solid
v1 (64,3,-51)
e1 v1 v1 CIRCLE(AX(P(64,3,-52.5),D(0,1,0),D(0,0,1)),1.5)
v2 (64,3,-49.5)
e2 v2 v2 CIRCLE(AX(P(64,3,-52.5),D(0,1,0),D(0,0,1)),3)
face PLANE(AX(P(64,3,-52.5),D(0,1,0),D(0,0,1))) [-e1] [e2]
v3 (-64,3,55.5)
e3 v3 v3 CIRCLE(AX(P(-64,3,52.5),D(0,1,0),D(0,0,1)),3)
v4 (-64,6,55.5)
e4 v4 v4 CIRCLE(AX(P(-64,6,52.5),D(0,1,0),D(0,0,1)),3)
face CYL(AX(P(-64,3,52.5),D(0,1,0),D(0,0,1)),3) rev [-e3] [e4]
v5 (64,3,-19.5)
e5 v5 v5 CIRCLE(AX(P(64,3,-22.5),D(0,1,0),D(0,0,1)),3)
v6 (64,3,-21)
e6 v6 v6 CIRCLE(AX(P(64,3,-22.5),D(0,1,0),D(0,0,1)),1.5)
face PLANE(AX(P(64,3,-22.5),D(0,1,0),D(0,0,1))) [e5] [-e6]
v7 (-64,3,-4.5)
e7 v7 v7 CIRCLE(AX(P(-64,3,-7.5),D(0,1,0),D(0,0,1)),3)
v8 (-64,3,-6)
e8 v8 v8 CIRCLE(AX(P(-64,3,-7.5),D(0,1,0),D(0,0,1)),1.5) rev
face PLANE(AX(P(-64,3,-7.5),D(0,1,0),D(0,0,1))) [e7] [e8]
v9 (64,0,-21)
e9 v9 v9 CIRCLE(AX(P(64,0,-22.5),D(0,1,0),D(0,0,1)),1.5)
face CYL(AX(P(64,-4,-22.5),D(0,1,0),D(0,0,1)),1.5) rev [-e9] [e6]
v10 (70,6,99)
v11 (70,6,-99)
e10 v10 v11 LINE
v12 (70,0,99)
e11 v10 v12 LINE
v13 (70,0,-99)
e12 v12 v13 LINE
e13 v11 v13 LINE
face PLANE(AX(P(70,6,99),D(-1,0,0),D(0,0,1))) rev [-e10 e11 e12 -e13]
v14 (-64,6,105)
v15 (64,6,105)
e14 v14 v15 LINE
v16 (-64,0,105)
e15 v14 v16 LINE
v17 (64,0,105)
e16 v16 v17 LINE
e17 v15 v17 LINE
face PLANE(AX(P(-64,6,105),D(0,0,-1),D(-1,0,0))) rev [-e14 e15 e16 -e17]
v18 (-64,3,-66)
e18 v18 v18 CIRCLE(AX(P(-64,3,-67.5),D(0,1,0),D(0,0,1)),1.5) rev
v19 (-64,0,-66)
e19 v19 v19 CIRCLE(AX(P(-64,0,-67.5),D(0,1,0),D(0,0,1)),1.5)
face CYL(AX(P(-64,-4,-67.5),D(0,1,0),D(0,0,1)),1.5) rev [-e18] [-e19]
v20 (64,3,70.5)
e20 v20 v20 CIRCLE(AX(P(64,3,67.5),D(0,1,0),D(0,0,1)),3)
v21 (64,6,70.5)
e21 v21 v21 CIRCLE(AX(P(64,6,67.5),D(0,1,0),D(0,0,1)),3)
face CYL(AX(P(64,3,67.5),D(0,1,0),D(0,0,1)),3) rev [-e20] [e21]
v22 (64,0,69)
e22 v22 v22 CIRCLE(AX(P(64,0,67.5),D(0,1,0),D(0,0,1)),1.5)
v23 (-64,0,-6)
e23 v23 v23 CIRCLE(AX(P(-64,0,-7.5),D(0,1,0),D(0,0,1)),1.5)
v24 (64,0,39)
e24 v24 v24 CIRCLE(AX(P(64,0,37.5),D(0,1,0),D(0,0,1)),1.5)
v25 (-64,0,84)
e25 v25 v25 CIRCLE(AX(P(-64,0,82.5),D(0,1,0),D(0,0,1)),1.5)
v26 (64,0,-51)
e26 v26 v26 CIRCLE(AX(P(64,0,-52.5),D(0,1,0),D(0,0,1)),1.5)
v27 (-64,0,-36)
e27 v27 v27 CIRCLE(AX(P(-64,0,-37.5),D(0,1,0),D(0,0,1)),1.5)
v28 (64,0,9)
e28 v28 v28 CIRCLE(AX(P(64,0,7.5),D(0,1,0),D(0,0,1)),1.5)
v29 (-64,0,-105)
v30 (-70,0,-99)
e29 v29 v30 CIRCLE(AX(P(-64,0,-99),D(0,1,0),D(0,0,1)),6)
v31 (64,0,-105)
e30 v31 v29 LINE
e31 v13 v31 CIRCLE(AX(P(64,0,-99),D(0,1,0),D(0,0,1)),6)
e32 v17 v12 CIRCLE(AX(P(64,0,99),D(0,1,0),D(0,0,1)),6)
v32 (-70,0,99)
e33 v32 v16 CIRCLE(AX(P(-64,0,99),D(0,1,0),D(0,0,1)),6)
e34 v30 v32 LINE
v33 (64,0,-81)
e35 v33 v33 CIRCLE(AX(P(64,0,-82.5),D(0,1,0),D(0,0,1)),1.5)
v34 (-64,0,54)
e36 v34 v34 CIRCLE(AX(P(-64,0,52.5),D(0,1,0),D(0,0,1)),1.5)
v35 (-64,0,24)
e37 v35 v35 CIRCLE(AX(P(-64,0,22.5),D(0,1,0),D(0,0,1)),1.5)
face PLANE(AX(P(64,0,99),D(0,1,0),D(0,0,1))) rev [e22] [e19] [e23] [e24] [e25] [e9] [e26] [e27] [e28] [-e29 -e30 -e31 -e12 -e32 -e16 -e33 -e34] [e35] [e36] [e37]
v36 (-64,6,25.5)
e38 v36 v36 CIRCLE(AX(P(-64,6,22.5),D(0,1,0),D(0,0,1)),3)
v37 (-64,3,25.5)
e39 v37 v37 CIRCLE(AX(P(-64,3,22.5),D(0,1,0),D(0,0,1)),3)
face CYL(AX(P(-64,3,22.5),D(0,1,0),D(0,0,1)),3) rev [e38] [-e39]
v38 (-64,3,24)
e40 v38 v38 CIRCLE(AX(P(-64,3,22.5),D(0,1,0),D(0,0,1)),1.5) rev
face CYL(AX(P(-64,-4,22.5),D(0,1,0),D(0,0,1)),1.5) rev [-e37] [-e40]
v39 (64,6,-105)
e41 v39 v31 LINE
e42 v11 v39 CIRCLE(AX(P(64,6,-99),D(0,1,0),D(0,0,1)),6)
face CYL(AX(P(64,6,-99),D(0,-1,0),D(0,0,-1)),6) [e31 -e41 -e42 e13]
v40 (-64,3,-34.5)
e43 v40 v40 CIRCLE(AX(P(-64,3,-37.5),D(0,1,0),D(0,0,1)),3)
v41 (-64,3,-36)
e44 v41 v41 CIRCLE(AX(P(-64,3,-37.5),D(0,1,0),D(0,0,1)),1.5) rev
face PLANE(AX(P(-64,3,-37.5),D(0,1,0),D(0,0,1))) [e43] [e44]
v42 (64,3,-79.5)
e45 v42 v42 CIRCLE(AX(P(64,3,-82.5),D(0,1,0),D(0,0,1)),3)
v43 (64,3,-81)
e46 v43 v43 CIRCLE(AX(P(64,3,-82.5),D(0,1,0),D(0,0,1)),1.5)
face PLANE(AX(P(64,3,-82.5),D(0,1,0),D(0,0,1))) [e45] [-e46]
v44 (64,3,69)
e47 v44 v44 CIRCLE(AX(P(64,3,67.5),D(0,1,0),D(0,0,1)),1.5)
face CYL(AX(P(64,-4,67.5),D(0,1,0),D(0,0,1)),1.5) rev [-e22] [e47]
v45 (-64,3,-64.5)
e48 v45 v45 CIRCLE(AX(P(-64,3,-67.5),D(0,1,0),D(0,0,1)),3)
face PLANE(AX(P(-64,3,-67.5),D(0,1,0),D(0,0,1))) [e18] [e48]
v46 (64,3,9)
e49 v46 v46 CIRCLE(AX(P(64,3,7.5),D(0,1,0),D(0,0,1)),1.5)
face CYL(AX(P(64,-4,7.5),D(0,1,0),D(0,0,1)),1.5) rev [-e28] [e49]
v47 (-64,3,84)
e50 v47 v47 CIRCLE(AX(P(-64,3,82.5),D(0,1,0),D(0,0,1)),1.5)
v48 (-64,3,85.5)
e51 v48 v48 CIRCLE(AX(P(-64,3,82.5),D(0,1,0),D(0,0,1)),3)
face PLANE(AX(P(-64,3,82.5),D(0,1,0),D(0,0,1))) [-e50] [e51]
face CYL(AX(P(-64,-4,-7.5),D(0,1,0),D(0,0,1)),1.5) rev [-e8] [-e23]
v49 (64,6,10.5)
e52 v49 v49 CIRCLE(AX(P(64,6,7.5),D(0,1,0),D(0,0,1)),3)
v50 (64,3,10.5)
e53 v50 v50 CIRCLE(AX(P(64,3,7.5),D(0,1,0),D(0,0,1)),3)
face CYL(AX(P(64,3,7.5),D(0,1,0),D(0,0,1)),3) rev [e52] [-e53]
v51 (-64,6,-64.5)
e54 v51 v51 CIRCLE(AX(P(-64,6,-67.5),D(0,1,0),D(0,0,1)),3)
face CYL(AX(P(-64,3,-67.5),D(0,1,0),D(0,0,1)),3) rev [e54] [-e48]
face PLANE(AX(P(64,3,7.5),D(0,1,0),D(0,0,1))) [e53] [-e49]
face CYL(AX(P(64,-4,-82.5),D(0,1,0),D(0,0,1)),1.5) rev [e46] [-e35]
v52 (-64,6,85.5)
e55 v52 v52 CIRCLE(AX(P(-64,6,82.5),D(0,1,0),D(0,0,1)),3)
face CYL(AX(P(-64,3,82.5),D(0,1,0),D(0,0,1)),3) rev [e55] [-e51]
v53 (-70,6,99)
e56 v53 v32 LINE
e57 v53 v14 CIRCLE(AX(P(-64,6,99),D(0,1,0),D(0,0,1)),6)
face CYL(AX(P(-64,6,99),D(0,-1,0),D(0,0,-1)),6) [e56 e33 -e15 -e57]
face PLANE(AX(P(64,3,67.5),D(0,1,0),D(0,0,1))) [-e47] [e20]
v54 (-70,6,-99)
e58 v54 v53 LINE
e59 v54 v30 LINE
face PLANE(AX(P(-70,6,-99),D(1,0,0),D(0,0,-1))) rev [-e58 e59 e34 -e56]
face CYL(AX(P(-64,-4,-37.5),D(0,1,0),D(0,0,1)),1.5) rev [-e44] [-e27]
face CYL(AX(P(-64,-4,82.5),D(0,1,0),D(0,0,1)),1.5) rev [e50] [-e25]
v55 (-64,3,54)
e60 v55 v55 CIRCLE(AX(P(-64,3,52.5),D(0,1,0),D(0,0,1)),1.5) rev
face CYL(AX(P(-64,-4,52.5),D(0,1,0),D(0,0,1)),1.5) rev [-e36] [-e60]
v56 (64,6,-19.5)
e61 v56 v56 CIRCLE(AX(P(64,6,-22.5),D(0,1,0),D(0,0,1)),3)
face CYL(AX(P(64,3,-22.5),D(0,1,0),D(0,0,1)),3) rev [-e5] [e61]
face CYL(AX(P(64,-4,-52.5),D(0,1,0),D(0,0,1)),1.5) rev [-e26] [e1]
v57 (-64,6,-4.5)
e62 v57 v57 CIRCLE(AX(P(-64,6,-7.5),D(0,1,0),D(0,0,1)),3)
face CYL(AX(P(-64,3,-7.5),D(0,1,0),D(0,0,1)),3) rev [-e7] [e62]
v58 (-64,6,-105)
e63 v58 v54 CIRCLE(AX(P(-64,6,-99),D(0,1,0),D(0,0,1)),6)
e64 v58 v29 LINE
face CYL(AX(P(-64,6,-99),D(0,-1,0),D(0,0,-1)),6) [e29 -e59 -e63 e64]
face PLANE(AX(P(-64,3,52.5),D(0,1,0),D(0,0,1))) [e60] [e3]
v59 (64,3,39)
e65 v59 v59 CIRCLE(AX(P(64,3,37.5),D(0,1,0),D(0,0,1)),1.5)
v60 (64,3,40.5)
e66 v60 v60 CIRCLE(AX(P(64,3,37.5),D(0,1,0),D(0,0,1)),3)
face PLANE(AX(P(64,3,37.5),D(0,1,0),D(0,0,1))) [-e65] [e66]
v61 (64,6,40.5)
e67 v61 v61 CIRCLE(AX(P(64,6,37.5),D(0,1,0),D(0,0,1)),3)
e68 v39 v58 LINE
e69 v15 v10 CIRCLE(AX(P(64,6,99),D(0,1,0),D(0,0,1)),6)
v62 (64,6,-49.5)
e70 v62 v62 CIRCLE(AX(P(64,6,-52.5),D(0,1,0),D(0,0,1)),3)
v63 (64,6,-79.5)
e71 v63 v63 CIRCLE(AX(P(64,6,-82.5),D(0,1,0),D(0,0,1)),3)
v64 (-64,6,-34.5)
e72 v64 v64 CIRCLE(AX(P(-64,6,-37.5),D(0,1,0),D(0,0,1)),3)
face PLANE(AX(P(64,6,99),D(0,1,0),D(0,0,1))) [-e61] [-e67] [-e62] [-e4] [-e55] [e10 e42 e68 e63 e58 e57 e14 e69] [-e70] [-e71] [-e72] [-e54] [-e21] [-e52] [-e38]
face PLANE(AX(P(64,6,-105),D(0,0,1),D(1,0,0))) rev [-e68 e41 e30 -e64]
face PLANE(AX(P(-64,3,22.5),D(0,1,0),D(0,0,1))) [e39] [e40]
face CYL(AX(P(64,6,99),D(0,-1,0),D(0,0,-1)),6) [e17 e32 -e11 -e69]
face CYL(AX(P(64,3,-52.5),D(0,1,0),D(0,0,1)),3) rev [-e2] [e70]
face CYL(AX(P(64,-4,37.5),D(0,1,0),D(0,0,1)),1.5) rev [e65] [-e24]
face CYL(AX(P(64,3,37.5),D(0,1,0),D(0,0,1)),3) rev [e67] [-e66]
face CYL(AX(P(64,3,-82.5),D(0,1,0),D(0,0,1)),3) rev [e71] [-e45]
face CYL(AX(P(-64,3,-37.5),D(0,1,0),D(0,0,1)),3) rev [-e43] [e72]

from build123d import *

# Parameters (mm, degrees)
BOSS_EXTRUDE1_DEPTH = 6
SKETCH2_R           = 1.5
CUT_EXTRUDE1_DEPTH  = 10
SKETCH3_R           = 3
SKETCH3_R_2         = 1.5
CUT_EXTRUDE2_DEPTH  = 3


with BuildPart() as part:
    # Sketch1 → Boss-Extrude1 (new body)
    with BuildSketch(Plane(origin=(0, 0, 0), x_dir=(1, 0, 0), z_dir=(0, 1, 0))):
        with BuildLine():
            Line((70, -99), (70, 99))
            ThreePointArc((70, 99), (68.242640687, 103.242640687), (64, 105))
            Line((64, 105), (-64, 105))
            ThreePointArc((-64, 105), (-68.242640687, 103.242640687), (-70, 99))
            Line((-70, 99), (-70, -99))
            ThreePointArc((-70, -99), (-68.242640687, -103.242640687), (-64, -105))
            Line((-64, -105), (64, -105))
            ThreePointArc((64, -105), (68.242640687, -103.242640687), (70, -99))
        make_face()
    extrude(amount=BOSS_EXTRUDE1_DEPTH)

    # Sketch2 → Cut-Extrude1 (cut)
    with BuildSketch(Plane(origin=(0, 6, 0), x_dir=(1, 0, 0), z_dir=(0, 1, 0))):
        with Locations(Location((-64, -82.5, 0), (0, 0, 270))):
            Circle(SKETCH2_R)
        with Locations(Location((-64, -52.5, 0), (0, 0, 270))):
            Circle(SKETCH2_R)
        with Locations(Location((-64, -22.5, 0), (0, 0, 270))):
            Circle(SKETCH2_R)
        with Locations(Location((-64, 7.5, 0), (0, 0, 270))):
            Circle(SKETCH2_R)
        with Locations(Location((-64, 37.5, 0), (0, 0, 270))):
            Circle(SKETCH2_R)
        with Locations(Location((-64, 67.5, 0), (0, 0, 270))):
            Circle(SKETCH2_R)
        with Locations(Location((64, -67.5, 0), (0, 0, 270))):
            Circle(SKETCH2_R)
        with Locations(Location((64, -37.5, 0), (0, 0, 270))):
            Circle(SKETCH2_R)
        with Locations(Location((64, -7.5, 0), (0, 0, 270))):
            Circle(SKETCH2_R)
        with Locations(Location((64, 22.5, 0), (0, 0, 270))):
            Circle(SKETCH2_R)
        with Locations(Location((64, 52.5, 0), (0, 0, 270))):
            Circle(SKETCH2_R)
        with Locations(Location((64, 82.5, 0), (0, 0, 270))):
            Circle(SKETCH2_R)
    extrude(amount=-CUT_EXTRUDE1_DEPTH, mode=Mode.SUBTRACT)

    # Sketch3 → Cut-Extrude2 (cut)
    # profile 1 of 12: a face of its own
    with BuildSketch(Plane(origin=(0, 6, 0), x_dir=(1, 0, 0), z_dir=(0, 1, 0))):
        with Locations(Location((-64, -82.5, 0), (0, 0, 270))):
            Circle(SKETCH3_R)
        with Locations(Location((-64, -82.5, 0), (0, 0, 270))):
            Circle(SKETCH3_R_2, mode=Mode.SUBTRACT)
    # profile 2 of 12: a face of its own
    with BuildSketch(Plane(origin=(0, 6, 0), x_dir=(1, 0, 0), z_dir=(0, 1, 0))):
        with Locations(Location((-64, -52.5, 0), (0, 0, 270))):
            Circle(SKETCH3_R)
    # profile 3 of 12: a face of its own
    with BuildSketch(Plane(origin=(0, 6, 0), x_dir=(1, 0, 0), z_dir=(0, 1, 0))):
        with Locations(Location((-64, -22.5, 0), (0, 0, 270))):
            Circle(SKETCH3_R)
    # profile 4 of 12: a face of its own
    with BuildSketch(Plane(origin=(0, 6, 0), x_dir=(1, 0, 0), z_dir=(0, 1, 0))):
        with Locations(Location((-64, 7.5, 0), (0, 0, 270))):
            Circle(SKETCH3_R)
    # profile 5 of 12: a face of its own
    with BuildSketch(Plane(origin=(0, 6, 0), x_dir=(1, 0, 0), z_dir=(0, 1, 0))):
        with Locations(Location((-64, 37.5, 0), (0, 0, 270))):
            Circle(SKETCH3_R)
    # profile 6 of 12: a face of its own
    with BuildSketch(Plane(origin=(0, 6, 0), x_dir=(1, 0, 0), z_dir=(0, 1, 0))):
        with Locations(Location((-64, 67.5, 0), (0, 0, 270))):
            Circle(SKETCH3_R)
    # profile 7 of 12: a face of its own
    with BuildSketch(Plane(origin=(0, 6, 0), x_dir=(1, 0, 0), z_dir=(0, 1, 0))):
        with Locations(Location((64, -67.5, 0), (0, 0, 270))):
            Circle(SKETCH3_R)
        with Locations(Location((64, -67.5, 0), (0, 0, 270))):
            Circle(SKETCH3_R_2, mode=Mode.SUBTRACT)
    # profile 8 of 12: a face of its own
    with BuildSketch(Plane(origin=(0, 6, 0), x_dir=(1, 0, 0), z_dir=(0, 1, 0))):
        with Locations(Location((64, -37.5, 0), (0, 0, 270))):
            Circle(SKETCH3_R)
        with Locations(Location((64, -37.5, 0), (0, 0, 270))):
            Circle(SKETCH3_R_2, mode=Mode.SUBTRACT)
    # profile 9 of 12: a face of its own
    with BuildSketch(Plane(origin=(0, 6, 0), x_dir=(1, 0, 0), z_dir=(0, 1, 0))):
        with Locations(Location((64, -7.5, 0), (0, 0, 270))):
            Circle(SKETCH3_R)
        with Locations(Location((64, -7.5, 0), (0, 0, 270))):
            Circle(SKETCH3_R_2, mode=Mode.SUBTRACT)
    # profile 10 of 12: a face of its own
    with BuildSketch(Plane(origin=(0, 6, 0), x_dir=(1, 0, 0), z_dir=(0, 1, 0))):
        with Locations(Location((64, 22.5, 0), (0, 0, 270))):
            Circle(SKETCH3_R)
        with Locations(Location((64, 22.5, 0), (0, 0, 270))):
            Circle(SKETCH3_R_2, mode=Mode.SUBTRACT)
    # profile 11 of 12: a face of its own
    with BuildSketch(Plane(origin=(0, 6, 0), x_dir=(1, 0, 0), z_dir=(0, 1, 0))):
        with Locations(Location((64, 52.5, 0), (0, 0, 270))):
            Circle(SKETCH3_R)
        with Locations(Location((64, 52.5, 0), (0, 0, 270))):
            Circle(SKETCH3_R_2, mode=Mode.SUBTRACT)
    # profile 12 of 12: a face of its own
    with BuildSketch(Plane(origin=(0, 6, 0), x_dir=(1, 0, 0), z_dir=(0, 1, 0))):
        with Locations(Location((64, 82.5, 0), (0, 0, 270))):
            Circle(SKETCH3_R)
        with Locations(Location((64, 82.5, 0), (0, 0, 270))):
            Circle(SKETCH3_R_2, mode=Mode.SUBTRACT)
    extrude(amount=-CUT_EXTRUDE2_DEPTH, mode=Mode.SUBTRACT)


solid = part.part
